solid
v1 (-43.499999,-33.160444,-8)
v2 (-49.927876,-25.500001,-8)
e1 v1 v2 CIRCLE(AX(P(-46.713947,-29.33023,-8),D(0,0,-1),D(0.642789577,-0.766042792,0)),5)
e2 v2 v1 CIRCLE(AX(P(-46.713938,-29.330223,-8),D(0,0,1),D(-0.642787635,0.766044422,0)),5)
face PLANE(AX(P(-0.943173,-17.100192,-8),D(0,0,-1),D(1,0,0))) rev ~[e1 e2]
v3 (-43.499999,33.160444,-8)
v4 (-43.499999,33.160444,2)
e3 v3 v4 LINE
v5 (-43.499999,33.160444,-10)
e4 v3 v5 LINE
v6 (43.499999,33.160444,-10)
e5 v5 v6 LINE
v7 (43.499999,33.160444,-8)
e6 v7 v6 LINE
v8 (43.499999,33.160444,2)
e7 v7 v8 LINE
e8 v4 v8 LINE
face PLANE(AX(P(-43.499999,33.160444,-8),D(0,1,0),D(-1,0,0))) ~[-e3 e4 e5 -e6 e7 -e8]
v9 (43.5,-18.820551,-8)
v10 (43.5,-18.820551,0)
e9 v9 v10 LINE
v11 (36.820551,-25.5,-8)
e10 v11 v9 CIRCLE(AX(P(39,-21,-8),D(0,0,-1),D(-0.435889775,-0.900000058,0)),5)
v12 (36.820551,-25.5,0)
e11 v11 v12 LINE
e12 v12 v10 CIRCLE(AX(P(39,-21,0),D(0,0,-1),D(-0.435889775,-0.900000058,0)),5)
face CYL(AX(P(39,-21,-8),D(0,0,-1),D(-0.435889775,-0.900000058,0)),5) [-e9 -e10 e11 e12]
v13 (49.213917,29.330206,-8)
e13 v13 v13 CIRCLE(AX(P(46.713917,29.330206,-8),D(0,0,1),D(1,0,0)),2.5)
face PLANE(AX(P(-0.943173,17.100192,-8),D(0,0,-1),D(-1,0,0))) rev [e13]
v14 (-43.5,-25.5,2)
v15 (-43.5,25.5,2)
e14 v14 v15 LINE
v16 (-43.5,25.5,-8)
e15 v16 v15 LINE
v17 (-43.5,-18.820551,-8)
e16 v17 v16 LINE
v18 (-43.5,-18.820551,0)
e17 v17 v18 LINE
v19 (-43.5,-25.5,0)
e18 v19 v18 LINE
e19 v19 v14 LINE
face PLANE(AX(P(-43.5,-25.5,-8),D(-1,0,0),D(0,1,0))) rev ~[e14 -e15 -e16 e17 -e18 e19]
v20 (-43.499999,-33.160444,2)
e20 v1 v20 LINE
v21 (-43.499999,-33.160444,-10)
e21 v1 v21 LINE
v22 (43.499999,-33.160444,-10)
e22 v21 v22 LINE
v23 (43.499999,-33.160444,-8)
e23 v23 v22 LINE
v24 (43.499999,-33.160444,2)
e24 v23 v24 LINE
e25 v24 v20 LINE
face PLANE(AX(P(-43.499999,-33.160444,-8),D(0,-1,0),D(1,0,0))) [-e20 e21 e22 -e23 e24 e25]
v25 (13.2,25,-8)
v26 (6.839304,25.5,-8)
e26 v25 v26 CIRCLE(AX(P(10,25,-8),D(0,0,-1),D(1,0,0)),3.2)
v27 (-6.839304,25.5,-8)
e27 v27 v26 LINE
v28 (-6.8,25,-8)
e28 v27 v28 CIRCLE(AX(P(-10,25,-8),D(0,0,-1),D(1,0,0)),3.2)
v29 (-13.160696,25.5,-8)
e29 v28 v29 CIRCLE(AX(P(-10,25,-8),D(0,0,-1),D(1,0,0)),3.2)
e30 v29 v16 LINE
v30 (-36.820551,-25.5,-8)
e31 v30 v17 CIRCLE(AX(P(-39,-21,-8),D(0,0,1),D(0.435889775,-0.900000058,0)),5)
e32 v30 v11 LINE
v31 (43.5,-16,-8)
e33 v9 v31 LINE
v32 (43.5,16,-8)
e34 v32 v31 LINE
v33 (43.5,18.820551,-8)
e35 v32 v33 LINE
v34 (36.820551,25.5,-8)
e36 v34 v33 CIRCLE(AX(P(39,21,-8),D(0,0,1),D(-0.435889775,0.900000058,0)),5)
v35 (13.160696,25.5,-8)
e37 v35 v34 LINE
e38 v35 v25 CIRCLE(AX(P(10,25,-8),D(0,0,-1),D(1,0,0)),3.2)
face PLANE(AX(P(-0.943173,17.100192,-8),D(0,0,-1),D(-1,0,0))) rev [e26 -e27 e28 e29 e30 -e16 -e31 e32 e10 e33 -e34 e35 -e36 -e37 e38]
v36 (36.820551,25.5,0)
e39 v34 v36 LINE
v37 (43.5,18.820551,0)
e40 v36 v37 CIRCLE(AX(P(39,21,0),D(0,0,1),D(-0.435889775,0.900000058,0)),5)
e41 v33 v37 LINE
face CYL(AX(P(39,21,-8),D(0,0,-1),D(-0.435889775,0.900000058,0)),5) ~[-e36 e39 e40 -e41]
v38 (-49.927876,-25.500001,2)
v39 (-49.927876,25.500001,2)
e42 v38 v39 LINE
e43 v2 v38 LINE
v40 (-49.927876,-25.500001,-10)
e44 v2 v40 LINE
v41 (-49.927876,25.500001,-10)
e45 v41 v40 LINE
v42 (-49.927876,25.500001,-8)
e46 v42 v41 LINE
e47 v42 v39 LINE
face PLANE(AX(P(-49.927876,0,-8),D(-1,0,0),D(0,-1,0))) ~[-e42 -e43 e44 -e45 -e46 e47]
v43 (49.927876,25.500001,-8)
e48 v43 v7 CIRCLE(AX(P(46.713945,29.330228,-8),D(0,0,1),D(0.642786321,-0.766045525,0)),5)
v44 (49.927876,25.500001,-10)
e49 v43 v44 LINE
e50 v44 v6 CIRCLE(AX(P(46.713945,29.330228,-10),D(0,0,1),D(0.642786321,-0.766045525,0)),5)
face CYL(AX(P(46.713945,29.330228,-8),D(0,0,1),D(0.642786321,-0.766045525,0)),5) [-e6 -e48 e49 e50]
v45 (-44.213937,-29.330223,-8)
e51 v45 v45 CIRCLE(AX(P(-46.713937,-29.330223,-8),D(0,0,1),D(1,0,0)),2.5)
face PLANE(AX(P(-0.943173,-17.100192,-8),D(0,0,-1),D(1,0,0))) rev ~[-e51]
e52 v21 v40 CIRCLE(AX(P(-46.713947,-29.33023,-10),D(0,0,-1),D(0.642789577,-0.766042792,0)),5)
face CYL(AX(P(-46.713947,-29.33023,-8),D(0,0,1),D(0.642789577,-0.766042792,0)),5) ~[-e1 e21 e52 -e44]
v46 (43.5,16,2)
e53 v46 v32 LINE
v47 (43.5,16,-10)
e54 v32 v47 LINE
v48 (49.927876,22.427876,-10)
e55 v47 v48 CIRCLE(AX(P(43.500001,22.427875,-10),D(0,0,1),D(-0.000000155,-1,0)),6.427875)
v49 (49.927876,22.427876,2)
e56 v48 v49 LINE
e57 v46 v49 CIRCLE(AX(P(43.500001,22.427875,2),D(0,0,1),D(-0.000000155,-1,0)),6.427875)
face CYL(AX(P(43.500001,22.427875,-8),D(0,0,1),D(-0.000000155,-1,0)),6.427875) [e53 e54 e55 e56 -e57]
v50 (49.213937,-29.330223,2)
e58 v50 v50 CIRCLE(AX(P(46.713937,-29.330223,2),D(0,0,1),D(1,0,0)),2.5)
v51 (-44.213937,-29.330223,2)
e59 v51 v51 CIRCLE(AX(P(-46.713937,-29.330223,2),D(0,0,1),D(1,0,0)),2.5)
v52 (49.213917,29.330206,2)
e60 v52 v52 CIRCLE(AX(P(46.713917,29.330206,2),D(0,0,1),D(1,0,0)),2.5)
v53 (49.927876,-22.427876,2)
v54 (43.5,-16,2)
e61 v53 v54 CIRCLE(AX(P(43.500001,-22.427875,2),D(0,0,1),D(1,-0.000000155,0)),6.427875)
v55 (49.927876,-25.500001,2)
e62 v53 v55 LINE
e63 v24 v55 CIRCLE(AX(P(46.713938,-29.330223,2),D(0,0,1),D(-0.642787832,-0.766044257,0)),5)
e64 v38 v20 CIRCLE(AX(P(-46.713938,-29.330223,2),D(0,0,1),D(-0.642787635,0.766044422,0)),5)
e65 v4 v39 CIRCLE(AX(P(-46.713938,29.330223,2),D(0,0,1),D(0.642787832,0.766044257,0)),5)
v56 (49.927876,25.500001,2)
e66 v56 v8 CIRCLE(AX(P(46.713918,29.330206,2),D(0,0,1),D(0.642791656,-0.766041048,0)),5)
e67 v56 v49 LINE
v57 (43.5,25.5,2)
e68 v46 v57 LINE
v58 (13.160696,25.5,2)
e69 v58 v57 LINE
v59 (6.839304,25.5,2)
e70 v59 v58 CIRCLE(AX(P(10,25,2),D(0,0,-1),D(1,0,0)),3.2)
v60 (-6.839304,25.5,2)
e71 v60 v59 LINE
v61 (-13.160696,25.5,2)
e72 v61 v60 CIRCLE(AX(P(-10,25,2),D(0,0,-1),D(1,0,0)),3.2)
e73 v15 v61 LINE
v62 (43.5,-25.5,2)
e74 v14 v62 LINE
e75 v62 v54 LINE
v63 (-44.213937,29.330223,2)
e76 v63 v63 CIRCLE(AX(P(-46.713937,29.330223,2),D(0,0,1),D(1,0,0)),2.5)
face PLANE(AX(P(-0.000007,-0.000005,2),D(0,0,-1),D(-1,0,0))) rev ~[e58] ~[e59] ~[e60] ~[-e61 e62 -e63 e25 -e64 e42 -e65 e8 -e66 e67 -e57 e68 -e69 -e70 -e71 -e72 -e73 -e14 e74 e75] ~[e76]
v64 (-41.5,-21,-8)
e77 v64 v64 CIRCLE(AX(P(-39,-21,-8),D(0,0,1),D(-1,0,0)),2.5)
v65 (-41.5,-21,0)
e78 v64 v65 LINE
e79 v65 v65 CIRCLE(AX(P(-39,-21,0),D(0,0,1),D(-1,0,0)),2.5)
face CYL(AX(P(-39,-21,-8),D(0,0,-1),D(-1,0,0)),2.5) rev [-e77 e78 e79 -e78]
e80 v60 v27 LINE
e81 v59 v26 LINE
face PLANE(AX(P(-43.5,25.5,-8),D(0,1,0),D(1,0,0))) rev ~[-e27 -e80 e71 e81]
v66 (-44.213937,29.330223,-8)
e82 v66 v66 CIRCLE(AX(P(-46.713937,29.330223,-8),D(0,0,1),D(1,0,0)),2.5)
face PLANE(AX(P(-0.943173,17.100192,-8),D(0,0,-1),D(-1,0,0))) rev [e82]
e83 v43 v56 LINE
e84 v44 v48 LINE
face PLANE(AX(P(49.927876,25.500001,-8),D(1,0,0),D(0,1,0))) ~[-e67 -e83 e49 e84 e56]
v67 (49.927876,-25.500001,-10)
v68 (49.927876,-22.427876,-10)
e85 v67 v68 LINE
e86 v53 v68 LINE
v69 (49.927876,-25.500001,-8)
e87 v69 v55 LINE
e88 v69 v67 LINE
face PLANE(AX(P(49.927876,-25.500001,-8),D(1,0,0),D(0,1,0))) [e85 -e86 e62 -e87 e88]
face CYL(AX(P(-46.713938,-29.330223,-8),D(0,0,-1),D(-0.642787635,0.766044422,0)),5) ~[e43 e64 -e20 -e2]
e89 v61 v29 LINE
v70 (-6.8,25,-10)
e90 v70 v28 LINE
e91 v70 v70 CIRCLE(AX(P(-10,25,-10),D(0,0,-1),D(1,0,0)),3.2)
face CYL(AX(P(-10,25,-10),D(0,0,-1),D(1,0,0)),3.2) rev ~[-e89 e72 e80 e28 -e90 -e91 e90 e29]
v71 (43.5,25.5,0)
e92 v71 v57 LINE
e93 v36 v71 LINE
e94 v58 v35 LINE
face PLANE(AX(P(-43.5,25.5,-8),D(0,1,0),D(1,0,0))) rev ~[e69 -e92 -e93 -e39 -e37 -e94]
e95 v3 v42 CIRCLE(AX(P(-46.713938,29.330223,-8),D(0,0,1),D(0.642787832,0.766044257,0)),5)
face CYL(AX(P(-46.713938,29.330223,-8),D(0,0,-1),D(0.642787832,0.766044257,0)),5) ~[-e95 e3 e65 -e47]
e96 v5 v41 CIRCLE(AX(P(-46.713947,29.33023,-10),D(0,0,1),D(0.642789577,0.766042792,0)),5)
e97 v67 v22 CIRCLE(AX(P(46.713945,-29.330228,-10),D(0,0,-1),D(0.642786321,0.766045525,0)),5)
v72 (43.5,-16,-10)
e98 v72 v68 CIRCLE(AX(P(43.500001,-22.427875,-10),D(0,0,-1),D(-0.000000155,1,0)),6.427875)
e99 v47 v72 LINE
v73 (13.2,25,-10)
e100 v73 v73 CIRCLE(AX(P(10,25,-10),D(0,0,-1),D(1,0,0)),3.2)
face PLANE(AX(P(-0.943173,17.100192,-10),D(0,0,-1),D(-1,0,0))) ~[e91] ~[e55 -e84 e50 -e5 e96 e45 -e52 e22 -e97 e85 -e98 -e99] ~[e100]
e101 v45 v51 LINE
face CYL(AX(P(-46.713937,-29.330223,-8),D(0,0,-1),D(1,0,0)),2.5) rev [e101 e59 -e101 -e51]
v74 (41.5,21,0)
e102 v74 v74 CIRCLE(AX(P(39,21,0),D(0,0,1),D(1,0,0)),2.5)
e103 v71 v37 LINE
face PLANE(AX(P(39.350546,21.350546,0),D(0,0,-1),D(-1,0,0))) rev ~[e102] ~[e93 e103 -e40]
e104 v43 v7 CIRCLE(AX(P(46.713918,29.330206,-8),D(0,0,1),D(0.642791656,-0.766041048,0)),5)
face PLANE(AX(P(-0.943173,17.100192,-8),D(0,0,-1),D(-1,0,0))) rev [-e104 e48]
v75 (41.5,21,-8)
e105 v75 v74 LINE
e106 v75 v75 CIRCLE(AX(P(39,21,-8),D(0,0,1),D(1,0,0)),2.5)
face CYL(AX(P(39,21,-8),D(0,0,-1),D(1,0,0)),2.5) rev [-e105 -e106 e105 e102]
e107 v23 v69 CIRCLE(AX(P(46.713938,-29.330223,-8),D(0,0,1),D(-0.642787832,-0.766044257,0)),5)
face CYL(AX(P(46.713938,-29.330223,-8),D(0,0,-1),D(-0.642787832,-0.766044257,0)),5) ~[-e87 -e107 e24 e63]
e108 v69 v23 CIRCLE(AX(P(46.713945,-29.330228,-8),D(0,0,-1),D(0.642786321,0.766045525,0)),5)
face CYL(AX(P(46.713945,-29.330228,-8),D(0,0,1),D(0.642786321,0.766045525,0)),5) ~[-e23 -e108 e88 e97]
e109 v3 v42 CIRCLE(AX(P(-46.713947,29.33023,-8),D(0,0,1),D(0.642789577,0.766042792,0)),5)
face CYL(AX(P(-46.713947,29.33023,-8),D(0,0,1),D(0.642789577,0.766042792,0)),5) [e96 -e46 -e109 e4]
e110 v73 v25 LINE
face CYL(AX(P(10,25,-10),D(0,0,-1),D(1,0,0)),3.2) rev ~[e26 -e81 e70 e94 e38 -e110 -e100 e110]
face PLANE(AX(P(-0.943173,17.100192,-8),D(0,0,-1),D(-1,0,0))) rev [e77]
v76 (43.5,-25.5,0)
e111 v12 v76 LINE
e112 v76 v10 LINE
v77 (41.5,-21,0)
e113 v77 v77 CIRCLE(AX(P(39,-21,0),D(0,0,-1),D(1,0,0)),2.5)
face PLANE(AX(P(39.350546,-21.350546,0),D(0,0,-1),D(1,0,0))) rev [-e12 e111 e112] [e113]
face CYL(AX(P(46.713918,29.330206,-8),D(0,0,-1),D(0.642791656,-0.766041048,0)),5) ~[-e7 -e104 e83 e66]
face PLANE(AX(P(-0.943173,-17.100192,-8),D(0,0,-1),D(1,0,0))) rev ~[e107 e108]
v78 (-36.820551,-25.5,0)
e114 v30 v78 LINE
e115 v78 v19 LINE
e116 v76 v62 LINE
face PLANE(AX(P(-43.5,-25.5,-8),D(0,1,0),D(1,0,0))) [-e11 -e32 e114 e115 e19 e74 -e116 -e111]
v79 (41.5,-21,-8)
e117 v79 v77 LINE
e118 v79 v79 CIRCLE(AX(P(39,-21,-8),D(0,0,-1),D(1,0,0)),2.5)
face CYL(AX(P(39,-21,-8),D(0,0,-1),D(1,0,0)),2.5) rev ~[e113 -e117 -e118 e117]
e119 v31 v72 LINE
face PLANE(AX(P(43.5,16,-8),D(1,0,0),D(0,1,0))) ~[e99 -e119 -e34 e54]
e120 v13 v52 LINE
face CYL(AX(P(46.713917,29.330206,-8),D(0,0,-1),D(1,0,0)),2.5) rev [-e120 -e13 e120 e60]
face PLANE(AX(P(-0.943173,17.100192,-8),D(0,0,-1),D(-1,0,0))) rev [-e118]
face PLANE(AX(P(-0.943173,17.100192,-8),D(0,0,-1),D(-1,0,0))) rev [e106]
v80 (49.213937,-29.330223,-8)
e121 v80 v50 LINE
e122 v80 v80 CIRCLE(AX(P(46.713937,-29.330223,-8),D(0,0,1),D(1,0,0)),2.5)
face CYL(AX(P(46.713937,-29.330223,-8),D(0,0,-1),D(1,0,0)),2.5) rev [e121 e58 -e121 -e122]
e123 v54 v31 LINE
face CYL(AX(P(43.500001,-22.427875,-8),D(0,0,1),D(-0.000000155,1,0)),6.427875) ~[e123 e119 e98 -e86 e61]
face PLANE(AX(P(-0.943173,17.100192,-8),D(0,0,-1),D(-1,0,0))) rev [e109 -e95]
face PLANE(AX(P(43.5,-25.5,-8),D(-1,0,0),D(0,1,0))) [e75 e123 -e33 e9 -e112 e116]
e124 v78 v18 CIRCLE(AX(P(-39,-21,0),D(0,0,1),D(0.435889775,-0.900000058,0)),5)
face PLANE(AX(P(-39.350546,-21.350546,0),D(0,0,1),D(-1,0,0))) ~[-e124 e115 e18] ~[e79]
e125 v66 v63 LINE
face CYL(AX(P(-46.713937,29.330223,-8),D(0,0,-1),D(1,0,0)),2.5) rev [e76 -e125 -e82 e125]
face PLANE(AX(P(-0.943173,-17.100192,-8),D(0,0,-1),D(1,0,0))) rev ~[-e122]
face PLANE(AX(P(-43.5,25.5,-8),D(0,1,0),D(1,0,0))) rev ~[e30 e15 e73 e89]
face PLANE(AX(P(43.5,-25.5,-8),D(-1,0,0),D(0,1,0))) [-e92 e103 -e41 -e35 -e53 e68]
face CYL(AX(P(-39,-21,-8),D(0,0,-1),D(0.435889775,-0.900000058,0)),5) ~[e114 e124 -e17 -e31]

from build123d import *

# Parameters (mm, degrees)
SKETCH_R                   = 2.5
SKETCH_W                   = 87
SKETCH_H                   = 51
PAD_DEPTH                  = 10
POCKET_DEPTH               = 10.001
PAD001_DEPTH               = 2
SKETCH003_R                = 2.5
PAD002_DEPTH               = 8
SKETCH003_MIRRORED001_2_R  = 2.5
PAD002_MIRRORED001_2_DEPTH = 8
SKETCH004_R                = 3.2
POCKET001_DEPTH            = 12.001
POCKET004_DEPTH            = 8


with BuildPart() as part:
    # Sketch → Pad (new body)
    with BuildSketch(Plane.XY):
        with BuildLine():
            Line((-43.499999, 33.160444), (43.499999, 33.160444))
            ThreePointArc((49.927876, 25.500001), (50.544139, 32.544145), (43.499999, 33.160444))
            Line((49.927876, 25.500001), (49.927876, -25.500001))
            ThreePointArc((43.499999, -33.160444), (50.544159, -32.544162), (49.927876, -25.500001))
            Line((43.499999, -33.160444), (-43.499999, -33.160444))
            ThreePointArc((-49.927876, -25.500001), (-50.544159, -32.544162), (-43.499999, -33.160444))
            Line((-49.927876, -25.500001), (-49.927876, 25.500001))
            ThreePointArc((-43.499999, 33.160444), (-50.544159, 32.544162), (-49.927876, 25.500001))
        make_face()
        with Locations((-46.713937, 29.330223)):
            Circle(SKETCH_R, mode=Mode.SUBTRACT)
        with Locations((46.713917, 29.330206)):
            Circle(SKETCH_R, mode=Mode.SUBTRACT)
        with Locations((46.713937, -29.330223)):
            Circle(SKETCH_R, mode=Mode.SUBTRACT)
        with Locations((-46.713937, -29.330223)):
            Circle(SKETCH_R, mode=Mode.SUBTRACT)
        Rectangle(SKETCH_W, SKETCH_H, mode=Mode.SUBTRACT)
    extrude(amount=PAD_DEPTH)

    # Sketch001 (on Face18 of Pad) → Pocket (cut, through all)
    with BuildSketch(Plane.XY.offset(10)):
        with BuildLine():
            ThreePointArc((43.5, 16), (48.045195, 17.882681), (49.927876, 22.427876))
            Line((49.927876, 22.427876), (49.927876, -22.427876))
            ThreePointArc((49.927876, -22.427876), (48.045195, -17.882681), (43.5, -16))
            Line((43.5, 16), (43.5, -16))
        make_face()
    extrude(amount=-POCKET_DEPTH, mode=Mode.SUBTRACT)

    # Sketch002 (on Face4 of Pocket) → Pad001 (join)
    with BuildSketch(Plane(origin=(0, 0, 0), x_dir=(1, 0, 0), z_dir=(0, 0, -1))):
        with BuildLine():
            ThreePointArc((-43.499999, 33.160444), (-50.544168, 32.544169), (-49.927876, 25.500001))
            Line((-49.927876, 0), (-49.927876, 25.500001))
            Line((43.5, 0), (-49.927876, 0))
            Line((43.5, 16), (43.5, 0))
            ThreePointArc((43.5, 16), (48.045195, 17.882681), (49.927876, 22.427876))
            Line((49.927876, 25.500001), (49.927876, 22.427876))
            ThreePointArc((49.927876, 25.500001), (50.544166, 32.544167), (43.499999, 33.160444))
            Line((-43.499999, 33.160444), (43.499999, 33.160444))
        make_face()
    pad001 = extrude(amount=PAD001_DEPTH)

    # Mirrored: Pad001 across XZ
    add(pad001.mirror(Plane.XZ))

    # Sketch003 (on Face31 of Mirrored) → Pad002 (join)
    with BuildSketch(Plane.XY):
        with BuildLine():
            Line((36.820551, 25.5), (43.5, 25.5))
            Line((43.5, 25.5), (43.5, 18.820551))
            ThreePointArc((36.820551, 25.5), (35.464466, 17.464466), (43.5, 18.820551))
        make_face()
        with Locations((39, 21)):
            Circle(SKETCH003_R, mode=Mode.SUBTRACT)
    pad002 = extrude(amount=PAD002_DEPTH)

    # Sketch003 Mirrored001 2 → Pad002 Mirrored001 2 (add)
    with BuildSketch(Plane(origin=(0, 0, 0), x_dir=(-1, 0, 0), z_dir=(0, 0, -1))):
        with BuildLine():
            Line((36.820551, 25.5), (43.5, 25.5))
            Line((43.5, 25.5), (43.5, 18.820551))
            ThreePointArc((36.820551, 25.5), (35.464466, 17.464466), (43.5, 18.820551))
        make_face()
        with Locations((39, 21)):
            Circle(SKETCH003_MIRRORED001_2_R, mode=Mode.SUBTRACT)
    pad002_mirrored001_2 = extrude(amount=-PAD002_MIRRORED001_2_DEPTH)

    # Mirrored002: Pad002, Pad002 Mirrored001 2 across Sketch003 H_Axis
    add(pad002.mirror(Plane.ZX))
    add(pad002_mirrored001_2.mirror(Plane.ZX))

    # Sketch004 (on Face8 of MultiTransform) → Pocket001 (cut, through all)
    with BuildSketch(Plane(origin=(0, 0, -2), x_dir=(1, 0, 0), z_dir=(0, 0, -1))):
        with Locations((-10, -25)):
            Circle(SKETCH004_R)
        with Locations((10, -25)):
            Circle(SKETCH004_R)
    extrude(amount=-POCKET001_DEPTH, mode=Mode.SUBTRACT)

    # Sketch011 (on Face36 of Pocket001) → Pocket004 (cut)
    with BuildSketch(Plane.XY.offset(8)):
        with BuildLine():
            Line((-36.820551, 25.5), (-43.5, 25.5))
            Line((-43.5, 25.5), (-43.5, 18.820551))
            ThreePointArc((-43.5, 18.820551), (-35.464466, 17.464466), (-36.820551, 25.5))
        make_face()
    extrude(amount=-POCKET004_DEPTH, mode=Mode.SUBTRACT)


with BuildPart() as part_1:
    # Body placement: moved
    add(part.part.moved(Location((0, 0, -8))))


solid = part_1.part
